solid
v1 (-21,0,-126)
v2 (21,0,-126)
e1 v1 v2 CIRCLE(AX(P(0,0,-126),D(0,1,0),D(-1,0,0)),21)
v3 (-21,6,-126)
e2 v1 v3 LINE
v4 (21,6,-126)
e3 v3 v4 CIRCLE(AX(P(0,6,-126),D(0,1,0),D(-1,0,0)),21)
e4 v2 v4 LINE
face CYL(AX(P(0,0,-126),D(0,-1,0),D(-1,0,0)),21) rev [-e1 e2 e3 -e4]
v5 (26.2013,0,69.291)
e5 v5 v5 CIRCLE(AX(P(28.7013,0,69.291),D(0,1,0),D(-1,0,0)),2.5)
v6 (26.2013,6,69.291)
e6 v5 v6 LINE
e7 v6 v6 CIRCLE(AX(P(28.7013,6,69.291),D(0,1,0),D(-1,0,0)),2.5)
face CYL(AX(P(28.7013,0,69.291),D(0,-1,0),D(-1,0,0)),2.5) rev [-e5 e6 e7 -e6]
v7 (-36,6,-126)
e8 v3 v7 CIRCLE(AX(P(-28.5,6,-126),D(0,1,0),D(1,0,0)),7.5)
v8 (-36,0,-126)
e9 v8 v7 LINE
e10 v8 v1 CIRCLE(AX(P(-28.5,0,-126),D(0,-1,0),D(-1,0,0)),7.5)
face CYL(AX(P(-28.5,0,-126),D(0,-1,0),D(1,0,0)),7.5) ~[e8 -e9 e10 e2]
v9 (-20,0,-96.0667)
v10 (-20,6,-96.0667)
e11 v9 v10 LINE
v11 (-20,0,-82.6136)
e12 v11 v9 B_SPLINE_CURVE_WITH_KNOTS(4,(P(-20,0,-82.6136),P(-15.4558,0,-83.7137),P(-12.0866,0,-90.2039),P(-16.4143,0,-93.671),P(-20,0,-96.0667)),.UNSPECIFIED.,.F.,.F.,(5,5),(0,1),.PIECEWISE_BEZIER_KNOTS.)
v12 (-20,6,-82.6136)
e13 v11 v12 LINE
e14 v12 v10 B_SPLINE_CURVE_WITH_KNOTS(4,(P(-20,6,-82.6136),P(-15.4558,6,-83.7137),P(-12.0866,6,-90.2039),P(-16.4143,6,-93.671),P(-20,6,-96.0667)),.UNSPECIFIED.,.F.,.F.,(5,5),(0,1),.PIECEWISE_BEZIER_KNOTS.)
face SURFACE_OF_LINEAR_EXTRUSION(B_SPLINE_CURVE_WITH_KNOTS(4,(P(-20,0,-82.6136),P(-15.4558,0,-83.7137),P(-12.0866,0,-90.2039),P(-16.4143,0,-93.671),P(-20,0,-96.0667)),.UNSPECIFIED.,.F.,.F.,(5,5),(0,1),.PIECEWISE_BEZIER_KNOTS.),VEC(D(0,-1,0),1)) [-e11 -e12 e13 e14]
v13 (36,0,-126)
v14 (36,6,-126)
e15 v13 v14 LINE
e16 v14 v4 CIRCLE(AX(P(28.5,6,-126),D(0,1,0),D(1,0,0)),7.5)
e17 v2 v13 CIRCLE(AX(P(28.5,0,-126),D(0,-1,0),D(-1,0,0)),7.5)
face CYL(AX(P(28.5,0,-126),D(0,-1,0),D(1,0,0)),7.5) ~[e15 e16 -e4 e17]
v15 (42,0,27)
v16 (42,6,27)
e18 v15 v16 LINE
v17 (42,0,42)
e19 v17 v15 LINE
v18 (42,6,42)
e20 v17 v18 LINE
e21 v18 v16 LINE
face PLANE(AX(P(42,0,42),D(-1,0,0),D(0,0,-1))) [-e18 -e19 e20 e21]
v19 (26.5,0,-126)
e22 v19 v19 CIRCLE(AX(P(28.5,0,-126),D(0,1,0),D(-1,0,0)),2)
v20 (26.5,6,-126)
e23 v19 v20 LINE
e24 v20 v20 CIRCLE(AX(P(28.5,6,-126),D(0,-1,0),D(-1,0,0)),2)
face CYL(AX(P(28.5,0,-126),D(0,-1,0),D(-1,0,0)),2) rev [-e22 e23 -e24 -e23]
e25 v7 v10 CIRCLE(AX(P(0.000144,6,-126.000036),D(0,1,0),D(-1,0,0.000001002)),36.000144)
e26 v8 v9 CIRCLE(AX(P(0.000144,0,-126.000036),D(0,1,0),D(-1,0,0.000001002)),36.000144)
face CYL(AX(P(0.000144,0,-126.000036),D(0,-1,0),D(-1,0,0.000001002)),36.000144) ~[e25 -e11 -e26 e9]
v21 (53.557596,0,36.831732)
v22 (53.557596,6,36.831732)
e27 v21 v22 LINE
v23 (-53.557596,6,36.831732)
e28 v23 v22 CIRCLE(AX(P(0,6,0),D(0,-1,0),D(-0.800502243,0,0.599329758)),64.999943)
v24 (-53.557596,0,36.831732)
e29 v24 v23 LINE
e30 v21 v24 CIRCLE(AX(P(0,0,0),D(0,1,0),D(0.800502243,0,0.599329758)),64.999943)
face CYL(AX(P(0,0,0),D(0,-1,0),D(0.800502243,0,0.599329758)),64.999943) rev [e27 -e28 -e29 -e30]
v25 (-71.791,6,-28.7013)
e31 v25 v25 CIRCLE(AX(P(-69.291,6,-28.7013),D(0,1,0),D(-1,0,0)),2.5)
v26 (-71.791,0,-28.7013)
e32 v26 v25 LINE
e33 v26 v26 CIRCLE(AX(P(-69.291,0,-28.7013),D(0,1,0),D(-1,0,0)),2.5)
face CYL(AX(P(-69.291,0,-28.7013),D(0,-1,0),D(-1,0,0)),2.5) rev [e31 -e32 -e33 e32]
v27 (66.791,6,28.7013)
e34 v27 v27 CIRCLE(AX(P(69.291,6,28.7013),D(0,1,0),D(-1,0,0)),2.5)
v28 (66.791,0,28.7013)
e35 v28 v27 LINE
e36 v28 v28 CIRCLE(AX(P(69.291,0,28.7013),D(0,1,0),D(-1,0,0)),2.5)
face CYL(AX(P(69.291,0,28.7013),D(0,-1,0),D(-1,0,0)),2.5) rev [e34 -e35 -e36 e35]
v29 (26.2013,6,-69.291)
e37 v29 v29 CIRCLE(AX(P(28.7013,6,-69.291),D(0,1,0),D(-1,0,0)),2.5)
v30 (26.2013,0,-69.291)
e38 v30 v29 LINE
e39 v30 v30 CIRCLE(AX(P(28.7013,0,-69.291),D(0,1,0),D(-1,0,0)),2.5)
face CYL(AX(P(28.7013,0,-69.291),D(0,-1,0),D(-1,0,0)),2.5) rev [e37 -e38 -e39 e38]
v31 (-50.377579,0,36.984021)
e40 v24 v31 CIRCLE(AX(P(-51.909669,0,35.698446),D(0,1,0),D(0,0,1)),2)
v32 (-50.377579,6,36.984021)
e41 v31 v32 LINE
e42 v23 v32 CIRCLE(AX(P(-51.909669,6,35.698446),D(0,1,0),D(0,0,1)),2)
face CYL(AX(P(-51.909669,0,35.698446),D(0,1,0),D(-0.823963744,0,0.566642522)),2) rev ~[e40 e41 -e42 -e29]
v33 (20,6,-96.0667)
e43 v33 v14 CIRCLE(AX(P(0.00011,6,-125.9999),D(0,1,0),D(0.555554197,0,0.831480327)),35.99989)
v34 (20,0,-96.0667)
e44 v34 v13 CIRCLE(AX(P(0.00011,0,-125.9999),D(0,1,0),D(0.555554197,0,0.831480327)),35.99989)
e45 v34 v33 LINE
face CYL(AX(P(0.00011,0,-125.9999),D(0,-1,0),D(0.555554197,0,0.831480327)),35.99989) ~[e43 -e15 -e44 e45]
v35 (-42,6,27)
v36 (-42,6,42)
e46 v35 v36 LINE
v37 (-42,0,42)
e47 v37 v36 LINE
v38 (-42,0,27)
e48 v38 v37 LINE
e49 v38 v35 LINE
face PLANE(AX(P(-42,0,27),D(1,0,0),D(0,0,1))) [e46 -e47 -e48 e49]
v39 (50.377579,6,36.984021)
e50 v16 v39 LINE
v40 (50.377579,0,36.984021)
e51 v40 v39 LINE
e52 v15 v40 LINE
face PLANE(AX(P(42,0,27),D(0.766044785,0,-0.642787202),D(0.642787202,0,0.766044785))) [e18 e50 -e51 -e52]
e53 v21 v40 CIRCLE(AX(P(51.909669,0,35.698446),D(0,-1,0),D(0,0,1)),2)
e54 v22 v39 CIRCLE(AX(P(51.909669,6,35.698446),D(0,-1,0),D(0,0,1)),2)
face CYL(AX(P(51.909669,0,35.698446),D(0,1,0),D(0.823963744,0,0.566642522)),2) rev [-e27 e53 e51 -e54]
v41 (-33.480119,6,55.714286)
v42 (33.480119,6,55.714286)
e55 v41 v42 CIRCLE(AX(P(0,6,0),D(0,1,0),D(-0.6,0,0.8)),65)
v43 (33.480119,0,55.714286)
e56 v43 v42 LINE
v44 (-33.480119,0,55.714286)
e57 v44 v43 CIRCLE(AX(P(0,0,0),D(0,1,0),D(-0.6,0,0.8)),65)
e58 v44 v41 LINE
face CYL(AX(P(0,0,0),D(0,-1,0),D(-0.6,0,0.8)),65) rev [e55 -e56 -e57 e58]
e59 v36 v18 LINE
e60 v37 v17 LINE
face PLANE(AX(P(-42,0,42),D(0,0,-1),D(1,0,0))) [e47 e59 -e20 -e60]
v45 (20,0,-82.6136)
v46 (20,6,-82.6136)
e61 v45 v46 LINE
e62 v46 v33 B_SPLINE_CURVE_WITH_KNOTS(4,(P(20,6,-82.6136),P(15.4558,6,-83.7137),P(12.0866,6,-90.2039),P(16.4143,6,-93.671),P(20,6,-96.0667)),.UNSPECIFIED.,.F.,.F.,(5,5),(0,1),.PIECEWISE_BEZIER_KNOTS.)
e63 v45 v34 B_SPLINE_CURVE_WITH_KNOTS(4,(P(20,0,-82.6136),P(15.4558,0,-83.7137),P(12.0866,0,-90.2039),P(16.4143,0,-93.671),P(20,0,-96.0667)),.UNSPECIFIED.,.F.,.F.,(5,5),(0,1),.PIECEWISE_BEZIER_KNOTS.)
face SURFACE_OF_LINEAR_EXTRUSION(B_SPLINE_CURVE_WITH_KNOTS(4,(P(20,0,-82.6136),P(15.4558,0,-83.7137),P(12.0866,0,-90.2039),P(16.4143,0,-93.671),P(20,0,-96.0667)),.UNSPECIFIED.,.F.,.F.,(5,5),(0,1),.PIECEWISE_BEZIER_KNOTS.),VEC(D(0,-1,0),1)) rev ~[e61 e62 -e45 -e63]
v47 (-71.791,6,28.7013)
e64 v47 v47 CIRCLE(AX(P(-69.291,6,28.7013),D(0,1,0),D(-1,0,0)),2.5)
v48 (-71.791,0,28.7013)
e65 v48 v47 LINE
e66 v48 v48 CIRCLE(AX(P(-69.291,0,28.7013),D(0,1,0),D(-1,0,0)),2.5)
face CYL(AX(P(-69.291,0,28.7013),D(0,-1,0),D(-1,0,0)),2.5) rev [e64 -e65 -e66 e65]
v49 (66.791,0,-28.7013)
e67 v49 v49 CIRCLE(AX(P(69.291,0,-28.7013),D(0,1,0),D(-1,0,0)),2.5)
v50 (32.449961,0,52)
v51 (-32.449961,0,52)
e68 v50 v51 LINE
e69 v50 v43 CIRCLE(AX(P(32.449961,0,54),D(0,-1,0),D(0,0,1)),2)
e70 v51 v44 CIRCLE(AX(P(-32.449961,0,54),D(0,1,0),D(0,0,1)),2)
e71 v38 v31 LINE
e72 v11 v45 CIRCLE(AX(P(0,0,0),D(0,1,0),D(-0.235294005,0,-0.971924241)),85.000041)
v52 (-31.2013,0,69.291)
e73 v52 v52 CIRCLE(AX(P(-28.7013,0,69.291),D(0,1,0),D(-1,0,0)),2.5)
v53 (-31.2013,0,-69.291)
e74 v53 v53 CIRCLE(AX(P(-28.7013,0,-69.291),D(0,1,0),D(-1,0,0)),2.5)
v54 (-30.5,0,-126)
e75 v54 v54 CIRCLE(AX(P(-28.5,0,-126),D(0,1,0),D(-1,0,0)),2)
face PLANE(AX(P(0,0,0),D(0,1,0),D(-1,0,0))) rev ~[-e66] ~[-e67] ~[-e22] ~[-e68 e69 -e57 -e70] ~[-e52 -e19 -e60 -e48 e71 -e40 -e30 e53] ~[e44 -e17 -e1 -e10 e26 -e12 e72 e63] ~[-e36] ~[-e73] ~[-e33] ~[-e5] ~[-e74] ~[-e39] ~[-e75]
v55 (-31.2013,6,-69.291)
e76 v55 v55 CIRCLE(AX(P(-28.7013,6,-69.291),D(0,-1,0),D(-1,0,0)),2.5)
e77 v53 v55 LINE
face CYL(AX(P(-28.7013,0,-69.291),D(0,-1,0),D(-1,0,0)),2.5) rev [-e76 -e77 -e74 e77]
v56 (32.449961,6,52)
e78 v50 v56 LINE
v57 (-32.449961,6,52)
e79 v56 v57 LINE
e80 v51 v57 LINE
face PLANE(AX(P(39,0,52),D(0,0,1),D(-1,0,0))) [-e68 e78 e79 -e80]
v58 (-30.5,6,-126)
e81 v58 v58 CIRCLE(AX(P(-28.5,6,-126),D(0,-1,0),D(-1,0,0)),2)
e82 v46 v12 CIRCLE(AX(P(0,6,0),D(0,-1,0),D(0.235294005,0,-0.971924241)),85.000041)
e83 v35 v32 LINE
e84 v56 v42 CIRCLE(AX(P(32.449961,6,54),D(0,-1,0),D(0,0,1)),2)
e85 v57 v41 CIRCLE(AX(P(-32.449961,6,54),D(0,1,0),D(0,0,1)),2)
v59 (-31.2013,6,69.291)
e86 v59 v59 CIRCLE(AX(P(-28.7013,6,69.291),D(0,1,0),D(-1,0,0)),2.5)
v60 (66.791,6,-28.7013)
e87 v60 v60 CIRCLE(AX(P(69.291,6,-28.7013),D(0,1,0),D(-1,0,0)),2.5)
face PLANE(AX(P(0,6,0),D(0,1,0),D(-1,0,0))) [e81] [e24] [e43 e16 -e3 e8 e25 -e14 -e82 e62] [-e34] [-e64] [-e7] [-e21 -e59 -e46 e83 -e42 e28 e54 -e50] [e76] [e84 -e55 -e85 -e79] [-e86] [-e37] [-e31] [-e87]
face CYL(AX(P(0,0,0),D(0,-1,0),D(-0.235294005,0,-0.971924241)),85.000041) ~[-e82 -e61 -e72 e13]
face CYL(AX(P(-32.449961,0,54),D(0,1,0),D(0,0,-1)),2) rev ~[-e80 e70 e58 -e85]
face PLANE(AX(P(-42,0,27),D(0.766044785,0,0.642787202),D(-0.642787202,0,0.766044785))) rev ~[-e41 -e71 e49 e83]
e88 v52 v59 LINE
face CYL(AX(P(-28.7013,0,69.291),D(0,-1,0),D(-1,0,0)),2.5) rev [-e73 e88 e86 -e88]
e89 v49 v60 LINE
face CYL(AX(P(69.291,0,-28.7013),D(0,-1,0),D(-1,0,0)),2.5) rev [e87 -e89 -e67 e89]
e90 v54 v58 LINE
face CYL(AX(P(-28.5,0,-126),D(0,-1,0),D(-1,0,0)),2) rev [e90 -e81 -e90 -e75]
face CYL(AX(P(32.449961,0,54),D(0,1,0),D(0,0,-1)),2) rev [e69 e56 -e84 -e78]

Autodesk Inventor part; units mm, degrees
ref_plane "YZ Plane" through (0, 0, 0) normal (1, 0, 0) x (0, 1, 0)
ref_plane "XZ Plane" through (0, 0, 0) normal (0, 1, 0) x (-1, 0, 0)
ref_plane "XY Plane" through (0, 0, 0) normal (0, 0, 1) x (1, 0, 0)
sketch "Sketch1" plane through (0, 0, 0) normal (0, 1, 0) x (-1, 0, 0)
  arc A0 (20, -82.6136) -> (-20, -82.6136) centre (0, 0) ccw
  line L0 (0, 0) -> (0, -85)
  line L1 (0, 0) -> (32.5281, -78.5298)
  circle A1 centre (0, 0) radius 75 construction
  circle A2 centre (28.7013, -69.291) radius 2.5
  line L2 (41, -41) -> (-41, -41) construction
  line L3 (-41, -41) -> (-41, 41) construction
  line L4 (-41, 41) -> (41, 41) construction
  line L5 (41, 41) -> (41, -41) construction
  line L6 (0, 0) -> (-85, 0)
  circle A3 centre (69.291, -28.7013) radius 2.5
  circle A4 centre (69.291, 28.7013) radius 2.5
  circle A5 centre (28.7013, 69.291) radius 2.5
  circle A6 centre (-28.7013, 69.291) radius 2.5
  circle A7 centre (-69.291, 28.7013) radius 2.5
  circle A8 centre (-69.291, -28.7013) radius 2.5
  circle A9 centre (-28.7013, -69.291) radius 2.5
  line L7 (42, 27) -> (42, 42)
  line L8 (42, 42) -> (-42, 42)
  line L9 (-42, 42) -> (-42, 27)
  line L10 (42, 27) -> (52.0326, 38.9564)
  line L11 (-39, 52) -> (39, 52)
  line L12 (-42, 27) -> (-52.0326, 38.9564)
  arc A10 (-52.0326, 38.9564) -> (52.0326, 38.9564) centre (0, 0) ccw
  arc A11 (39, 52) -> (-39, 52) centre (0, 0) ccw
  arc A12 (21, -126) -> (-21, -126) centre (0, -126) ccw
  line L13 (0, -105) -> (0, -85) construction
  arc A13 (-20, -82.6136) -> (20, -82.6136) centre (0, 0) ccw construction
  line L14 (0, -126) -> (36, -126) construction
  arc A14 (27.5132, -133.4348) -> (-27.5132, -133.4348) centre (0, -126) ccw
  circle A15 centre (28.5, -126) radius 2
  circle A16 centre (-28.5, -126) radius 2
  arc A17 (-20, -96.0667) -> (-36, -126) centre (0, -126) ccw
  arc A18 (36, -126) -> (20, -96.0667) centre (0, -126) ccw
  arc A19 (21, -126) -> (36, -126) centre (28.5, -126) ccw
  line L15 (0, -126) -> (-36, -126) construction
  arc A20 (-36, -126) -> (-21, -126) centre (-28.5, -126) ccw
  line L16 (-20, -89.3401) -> (-15, -89.3401) construction
  spline S0 degree 4 poles (-20, -82.6136) (-15.4558, -83.7137) (-12.0866, -90.2039) (-16.4143, -93.671) (-20, -96.0667) knots 0 0 0 0 0 1 1 1 1 1
  spline S1 degree 4 poles (20, -82.6136) (15.4558, -83.7137) (12.0866, -90.2039) (16.4143, -93.671) (20, -96.0667) knots 0 0 0 0 0 1 1 1 1 1
  line L17 (20, -89.3401) -> (15, -89.3401) construction
  line L18 (20, -96.0667) -> (20, -82.6136) construction
  line L19 (-20, -96.0667) -> (-20, -82.6136) construction
  point P0 (0, -41)
  point P1 (-41, 0)
  point P2 (0, 52)
  point P3 (17.5, -89.3401)
  dimension "d4" = 150
  dimension "d0" = 170
  dimension "d3" = 22.5
  dimension "d6" = 82
  dimension "d10" = 360
  dimension "d12" = 5
  dimension "d13" = 1
  dimension "d14" = 1
  dimension "d15" = 1
  dimension "d16" = 15
  dimension "d17" = 40
  dimension "d18" = 10
  dimension "d19" = 40
  dimension "d20" = 20
  dimension "d21" = 42
  dimension "d25" = 20
  dimension "d28" = 57
  dimension "d32" = 360
  dimension "d34" = 4
  dimension "d37" = 15
  dimension "d41" = 5
  dimension "d42" = 6.7266
  dimension "d43" = 6.7266
  dimension "d44" = 30
extrude "Extrusion1" add sketch "Sketch1" along normal blind 6 contours S1 A18 A19 A14 A15 A16 A20 A17 S0 A0 L6 A10 L1 A2 | L1 A2 A10 L10 L7 L8 L9 L12 L6 A0 | A19 A12 A20 A14 A16 A15
sketch "Sketch2" plane through (0, 6, 0) normal (0, 1, 0) x (1, 0, 0)
  point P0 (0, 0)
fillet "Fillet1" radius 2 4 edges at (-39, 3, 52) (39, 3, 52) (-52.0326, 3, 38.9564) (52.0326, 3, 38.9564)
equation "\"d14\" = d13"
equation "\"d15\" = d13"
equation "\"d19\" = d17"
properties part number "SparRing Curved" material "Plywood, Finish"
